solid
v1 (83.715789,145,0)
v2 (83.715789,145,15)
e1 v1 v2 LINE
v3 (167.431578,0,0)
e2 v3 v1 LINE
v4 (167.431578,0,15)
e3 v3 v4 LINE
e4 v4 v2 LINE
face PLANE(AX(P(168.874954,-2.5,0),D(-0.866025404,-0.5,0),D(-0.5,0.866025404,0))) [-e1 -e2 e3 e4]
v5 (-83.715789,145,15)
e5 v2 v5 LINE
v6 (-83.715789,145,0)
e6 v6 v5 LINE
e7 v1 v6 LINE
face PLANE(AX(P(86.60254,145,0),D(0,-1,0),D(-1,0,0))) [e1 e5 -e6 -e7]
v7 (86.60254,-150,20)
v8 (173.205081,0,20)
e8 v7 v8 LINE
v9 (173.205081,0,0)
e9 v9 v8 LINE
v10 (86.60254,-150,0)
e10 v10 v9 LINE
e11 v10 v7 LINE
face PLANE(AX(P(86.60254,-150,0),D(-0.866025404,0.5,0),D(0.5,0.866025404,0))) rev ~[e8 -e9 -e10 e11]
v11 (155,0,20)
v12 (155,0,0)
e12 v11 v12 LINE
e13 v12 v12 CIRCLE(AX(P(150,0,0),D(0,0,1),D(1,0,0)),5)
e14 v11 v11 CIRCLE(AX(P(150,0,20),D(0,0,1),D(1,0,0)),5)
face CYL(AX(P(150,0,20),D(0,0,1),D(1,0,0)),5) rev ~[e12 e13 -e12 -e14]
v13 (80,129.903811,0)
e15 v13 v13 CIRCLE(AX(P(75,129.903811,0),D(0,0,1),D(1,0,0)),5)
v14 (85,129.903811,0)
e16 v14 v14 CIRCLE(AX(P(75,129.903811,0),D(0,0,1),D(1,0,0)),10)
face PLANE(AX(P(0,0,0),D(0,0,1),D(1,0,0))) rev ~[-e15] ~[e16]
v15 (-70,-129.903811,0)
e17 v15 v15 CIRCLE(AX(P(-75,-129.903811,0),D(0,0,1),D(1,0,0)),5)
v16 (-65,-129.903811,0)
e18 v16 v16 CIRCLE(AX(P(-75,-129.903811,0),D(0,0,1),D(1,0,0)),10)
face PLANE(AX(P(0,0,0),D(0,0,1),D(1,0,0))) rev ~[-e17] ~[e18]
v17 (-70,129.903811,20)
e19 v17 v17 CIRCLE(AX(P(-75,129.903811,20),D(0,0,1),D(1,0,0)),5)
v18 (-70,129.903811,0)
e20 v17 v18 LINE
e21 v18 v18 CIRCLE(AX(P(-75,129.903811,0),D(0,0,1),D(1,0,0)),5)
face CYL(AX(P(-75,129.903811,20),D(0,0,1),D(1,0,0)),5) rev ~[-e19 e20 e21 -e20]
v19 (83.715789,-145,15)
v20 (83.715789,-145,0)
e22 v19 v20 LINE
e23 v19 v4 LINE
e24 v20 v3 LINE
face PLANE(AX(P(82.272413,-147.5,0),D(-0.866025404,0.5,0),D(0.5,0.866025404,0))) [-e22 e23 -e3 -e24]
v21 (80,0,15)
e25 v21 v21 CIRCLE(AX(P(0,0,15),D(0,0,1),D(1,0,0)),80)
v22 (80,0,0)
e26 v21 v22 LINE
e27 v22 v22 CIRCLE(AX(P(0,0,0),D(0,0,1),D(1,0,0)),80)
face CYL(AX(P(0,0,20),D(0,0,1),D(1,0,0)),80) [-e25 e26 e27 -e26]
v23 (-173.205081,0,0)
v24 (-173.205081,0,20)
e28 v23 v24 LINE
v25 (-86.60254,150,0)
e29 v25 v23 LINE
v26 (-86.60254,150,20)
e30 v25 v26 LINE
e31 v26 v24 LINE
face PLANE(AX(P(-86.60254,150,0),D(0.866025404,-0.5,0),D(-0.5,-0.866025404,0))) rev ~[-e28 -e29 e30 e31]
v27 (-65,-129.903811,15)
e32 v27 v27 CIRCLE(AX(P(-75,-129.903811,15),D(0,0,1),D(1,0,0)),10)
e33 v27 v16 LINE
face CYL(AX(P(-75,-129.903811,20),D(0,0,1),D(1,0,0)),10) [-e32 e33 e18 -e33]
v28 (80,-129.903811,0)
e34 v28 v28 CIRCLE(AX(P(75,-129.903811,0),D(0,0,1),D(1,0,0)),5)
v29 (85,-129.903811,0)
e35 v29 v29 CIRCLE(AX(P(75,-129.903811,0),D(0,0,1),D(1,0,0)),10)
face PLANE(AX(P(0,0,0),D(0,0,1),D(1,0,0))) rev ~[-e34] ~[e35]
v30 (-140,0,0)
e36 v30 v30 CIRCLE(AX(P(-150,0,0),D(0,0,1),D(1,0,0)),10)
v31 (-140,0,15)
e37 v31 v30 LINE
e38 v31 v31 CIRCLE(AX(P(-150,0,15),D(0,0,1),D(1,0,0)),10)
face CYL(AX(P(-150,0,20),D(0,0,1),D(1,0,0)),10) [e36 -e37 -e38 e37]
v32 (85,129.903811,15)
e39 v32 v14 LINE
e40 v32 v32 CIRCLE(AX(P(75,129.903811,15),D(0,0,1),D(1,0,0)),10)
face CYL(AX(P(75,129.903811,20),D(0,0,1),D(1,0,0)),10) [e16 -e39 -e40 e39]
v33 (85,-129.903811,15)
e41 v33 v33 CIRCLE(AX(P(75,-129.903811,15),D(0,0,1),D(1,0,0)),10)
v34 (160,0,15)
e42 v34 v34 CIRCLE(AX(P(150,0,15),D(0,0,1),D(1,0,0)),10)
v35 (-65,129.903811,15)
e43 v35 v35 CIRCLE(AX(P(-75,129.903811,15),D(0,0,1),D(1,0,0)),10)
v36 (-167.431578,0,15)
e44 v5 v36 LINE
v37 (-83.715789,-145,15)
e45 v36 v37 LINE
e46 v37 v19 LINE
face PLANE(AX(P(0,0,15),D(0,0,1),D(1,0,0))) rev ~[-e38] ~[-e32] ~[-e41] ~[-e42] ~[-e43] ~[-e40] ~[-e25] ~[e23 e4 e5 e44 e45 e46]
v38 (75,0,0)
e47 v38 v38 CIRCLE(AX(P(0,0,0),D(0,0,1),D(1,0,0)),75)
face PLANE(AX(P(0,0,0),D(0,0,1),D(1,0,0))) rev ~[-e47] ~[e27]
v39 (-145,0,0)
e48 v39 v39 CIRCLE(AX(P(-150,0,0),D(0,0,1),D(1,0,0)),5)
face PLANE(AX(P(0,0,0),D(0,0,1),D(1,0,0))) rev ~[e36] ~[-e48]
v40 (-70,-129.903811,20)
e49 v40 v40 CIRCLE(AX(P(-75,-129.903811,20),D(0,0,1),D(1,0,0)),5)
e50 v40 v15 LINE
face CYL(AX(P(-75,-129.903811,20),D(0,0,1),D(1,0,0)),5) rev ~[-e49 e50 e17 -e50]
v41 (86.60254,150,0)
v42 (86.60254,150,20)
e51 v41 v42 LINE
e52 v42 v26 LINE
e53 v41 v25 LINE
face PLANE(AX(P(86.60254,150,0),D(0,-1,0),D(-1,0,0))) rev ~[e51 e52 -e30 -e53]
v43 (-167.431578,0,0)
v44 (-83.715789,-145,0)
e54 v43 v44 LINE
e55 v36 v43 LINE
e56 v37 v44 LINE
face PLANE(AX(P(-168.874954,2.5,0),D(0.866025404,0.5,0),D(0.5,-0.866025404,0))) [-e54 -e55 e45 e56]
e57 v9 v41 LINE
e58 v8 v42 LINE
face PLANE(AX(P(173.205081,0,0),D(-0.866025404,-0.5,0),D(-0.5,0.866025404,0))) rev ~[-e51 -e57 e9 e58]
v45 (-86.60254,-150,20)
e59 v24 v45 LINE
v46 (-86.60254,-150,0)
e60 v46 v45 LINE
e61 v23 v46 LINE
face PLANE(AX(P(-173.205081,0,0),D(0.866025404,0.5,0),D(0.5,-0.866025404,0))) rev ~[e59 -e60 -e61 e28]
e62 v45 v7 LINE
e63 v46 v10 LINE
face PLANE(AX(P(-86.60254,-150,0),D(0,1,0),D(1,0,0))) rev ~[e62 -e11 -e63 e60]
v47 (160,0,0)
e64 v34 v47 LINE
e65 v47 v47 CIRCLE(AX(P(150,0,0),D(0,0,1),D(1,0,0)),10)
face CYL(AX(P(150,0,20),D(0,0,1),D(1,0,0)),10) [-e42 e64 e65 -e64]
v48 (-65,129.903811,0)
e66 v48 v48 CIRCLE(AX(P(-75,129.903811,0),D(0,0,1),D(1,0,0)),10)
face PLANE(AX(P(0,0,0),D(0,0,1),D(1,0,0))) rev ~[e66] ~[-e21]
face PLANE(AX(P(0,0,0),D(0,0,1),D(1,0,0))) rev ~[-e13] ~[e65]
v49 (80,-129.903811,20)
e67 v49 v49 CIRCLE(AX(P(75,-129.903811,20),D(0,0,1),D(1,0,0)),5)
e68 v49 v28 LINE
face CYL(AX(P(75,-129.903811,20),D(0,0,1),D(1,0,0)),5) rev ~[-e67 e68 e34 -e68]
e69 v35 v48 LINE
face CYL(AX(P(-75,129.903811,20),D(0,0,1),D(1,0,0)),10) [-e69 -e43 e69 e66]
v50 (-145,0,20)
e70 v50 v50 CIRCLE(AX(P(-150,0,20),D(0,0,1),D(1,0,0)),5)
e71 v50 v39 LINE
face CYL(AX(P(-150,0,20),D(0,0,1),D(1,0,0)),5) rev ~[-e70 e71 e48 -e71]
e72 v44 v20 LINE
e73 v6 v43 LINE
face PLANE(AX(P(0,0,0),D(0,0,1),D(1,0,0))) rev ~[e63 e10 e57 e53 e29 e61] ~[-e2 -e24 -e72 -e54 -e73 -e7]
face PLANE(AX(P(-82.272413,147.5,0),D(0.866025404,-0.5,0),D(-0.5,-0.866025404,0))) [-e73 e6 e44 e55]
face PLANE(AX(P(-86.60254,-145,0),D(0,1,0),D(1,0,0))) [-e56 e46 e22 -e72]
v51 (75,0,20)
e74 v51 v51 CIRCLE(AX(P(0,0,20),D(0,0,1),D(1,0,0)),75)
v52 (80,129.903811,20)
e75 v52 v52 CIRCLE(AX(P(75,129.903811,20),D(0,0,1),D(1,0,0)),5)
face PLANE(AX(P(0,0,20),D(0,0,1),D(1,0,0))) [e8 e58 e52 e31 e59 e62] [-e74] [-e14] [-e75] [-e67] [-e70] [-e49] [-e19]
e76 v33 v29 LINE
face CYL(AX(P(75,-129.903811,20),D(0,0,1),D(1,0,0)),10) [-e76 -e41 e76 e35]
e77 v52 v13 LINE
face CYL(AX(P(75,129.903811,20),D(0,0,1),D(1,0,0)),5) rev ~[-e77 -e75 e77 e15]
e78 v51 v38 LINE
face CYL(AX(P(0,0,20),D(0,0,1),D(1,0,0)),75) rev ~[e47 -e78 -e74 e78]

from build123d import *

# Parameters (mm, degrees)
F1_DEPTH = 20
F2_R     = 75
F3_DEPTH = 20.001
F4_R     = 5
F5_DEPTH = 20.001
F6_DEPTH = 25
F7_T     = -5


with BuildPart() as f1:
    # F0 (on Top) → F1 (new body)
    with BuildSketch(Plane.XY):
        Polygon((86.6025403784, -150), (173.2050807569, 0), (86.6025403784, 150), (-86.6025403784, 150), (-173.2050807569, 0), (-86.6025403784, -150), align=None)
    extrude(amount=F1_DEPTH)

    # F2 (on face) → F3 (cut, through all)
    with BuildSketch(Plane.XY.offset(20)):
        Circle(F2_R)
    extrude(amount=-F3_DEPTH, mode=Mode.SUBTRACT)

    # F4 (on face) → F5 (cut, through all)
    with BuildSketch(Plane.XY.offset(20)):
        with Locations((75, 129.9038105677)):
            Circle(F4_R)
        with Locations((-75, -129.9038105677)):
            Circle(F4_R)
        with Locations((-150, 0)):
            Circle(F4_R)
        with Locations((150, 0)):
            Circle(F4_R)
        with Locations((75, -129.9038105677)):
            Circle(F4_R)
    extrude(amount=-F5_DEPTH, mode=Mode.SUBTRACT)

    # F4 (on face) → F6 (cut)
    with BuildSketch(Plane.XY.offset(20)):
        with Locations((-75, 129.9038105677)):
            Circle(F4_R)
        with Locations((75, 129.9038105677)):
            Circle(F4_R)
        with Locations((-75, -129.9038105677)):
            Circle(F4_R)
        with Locations((-150, 0)):
            Circle(F4_R)
        with Locations((150, 0)):
            Circle(F4_R)
        with Locations((75, -129.9038105677)):
            Circle(F4_R)
    extrude(amount=-F6_DEPTH, mode=Mode.SUBTRACT)

    # F7
    f7_openings = [f1.faces().sort_by_distance(p)[0] for p in [
        (0, -145.417424, 0),
    ]]
    offset(amount=F7_T, openings=f7_openings)


solid = f1.part
